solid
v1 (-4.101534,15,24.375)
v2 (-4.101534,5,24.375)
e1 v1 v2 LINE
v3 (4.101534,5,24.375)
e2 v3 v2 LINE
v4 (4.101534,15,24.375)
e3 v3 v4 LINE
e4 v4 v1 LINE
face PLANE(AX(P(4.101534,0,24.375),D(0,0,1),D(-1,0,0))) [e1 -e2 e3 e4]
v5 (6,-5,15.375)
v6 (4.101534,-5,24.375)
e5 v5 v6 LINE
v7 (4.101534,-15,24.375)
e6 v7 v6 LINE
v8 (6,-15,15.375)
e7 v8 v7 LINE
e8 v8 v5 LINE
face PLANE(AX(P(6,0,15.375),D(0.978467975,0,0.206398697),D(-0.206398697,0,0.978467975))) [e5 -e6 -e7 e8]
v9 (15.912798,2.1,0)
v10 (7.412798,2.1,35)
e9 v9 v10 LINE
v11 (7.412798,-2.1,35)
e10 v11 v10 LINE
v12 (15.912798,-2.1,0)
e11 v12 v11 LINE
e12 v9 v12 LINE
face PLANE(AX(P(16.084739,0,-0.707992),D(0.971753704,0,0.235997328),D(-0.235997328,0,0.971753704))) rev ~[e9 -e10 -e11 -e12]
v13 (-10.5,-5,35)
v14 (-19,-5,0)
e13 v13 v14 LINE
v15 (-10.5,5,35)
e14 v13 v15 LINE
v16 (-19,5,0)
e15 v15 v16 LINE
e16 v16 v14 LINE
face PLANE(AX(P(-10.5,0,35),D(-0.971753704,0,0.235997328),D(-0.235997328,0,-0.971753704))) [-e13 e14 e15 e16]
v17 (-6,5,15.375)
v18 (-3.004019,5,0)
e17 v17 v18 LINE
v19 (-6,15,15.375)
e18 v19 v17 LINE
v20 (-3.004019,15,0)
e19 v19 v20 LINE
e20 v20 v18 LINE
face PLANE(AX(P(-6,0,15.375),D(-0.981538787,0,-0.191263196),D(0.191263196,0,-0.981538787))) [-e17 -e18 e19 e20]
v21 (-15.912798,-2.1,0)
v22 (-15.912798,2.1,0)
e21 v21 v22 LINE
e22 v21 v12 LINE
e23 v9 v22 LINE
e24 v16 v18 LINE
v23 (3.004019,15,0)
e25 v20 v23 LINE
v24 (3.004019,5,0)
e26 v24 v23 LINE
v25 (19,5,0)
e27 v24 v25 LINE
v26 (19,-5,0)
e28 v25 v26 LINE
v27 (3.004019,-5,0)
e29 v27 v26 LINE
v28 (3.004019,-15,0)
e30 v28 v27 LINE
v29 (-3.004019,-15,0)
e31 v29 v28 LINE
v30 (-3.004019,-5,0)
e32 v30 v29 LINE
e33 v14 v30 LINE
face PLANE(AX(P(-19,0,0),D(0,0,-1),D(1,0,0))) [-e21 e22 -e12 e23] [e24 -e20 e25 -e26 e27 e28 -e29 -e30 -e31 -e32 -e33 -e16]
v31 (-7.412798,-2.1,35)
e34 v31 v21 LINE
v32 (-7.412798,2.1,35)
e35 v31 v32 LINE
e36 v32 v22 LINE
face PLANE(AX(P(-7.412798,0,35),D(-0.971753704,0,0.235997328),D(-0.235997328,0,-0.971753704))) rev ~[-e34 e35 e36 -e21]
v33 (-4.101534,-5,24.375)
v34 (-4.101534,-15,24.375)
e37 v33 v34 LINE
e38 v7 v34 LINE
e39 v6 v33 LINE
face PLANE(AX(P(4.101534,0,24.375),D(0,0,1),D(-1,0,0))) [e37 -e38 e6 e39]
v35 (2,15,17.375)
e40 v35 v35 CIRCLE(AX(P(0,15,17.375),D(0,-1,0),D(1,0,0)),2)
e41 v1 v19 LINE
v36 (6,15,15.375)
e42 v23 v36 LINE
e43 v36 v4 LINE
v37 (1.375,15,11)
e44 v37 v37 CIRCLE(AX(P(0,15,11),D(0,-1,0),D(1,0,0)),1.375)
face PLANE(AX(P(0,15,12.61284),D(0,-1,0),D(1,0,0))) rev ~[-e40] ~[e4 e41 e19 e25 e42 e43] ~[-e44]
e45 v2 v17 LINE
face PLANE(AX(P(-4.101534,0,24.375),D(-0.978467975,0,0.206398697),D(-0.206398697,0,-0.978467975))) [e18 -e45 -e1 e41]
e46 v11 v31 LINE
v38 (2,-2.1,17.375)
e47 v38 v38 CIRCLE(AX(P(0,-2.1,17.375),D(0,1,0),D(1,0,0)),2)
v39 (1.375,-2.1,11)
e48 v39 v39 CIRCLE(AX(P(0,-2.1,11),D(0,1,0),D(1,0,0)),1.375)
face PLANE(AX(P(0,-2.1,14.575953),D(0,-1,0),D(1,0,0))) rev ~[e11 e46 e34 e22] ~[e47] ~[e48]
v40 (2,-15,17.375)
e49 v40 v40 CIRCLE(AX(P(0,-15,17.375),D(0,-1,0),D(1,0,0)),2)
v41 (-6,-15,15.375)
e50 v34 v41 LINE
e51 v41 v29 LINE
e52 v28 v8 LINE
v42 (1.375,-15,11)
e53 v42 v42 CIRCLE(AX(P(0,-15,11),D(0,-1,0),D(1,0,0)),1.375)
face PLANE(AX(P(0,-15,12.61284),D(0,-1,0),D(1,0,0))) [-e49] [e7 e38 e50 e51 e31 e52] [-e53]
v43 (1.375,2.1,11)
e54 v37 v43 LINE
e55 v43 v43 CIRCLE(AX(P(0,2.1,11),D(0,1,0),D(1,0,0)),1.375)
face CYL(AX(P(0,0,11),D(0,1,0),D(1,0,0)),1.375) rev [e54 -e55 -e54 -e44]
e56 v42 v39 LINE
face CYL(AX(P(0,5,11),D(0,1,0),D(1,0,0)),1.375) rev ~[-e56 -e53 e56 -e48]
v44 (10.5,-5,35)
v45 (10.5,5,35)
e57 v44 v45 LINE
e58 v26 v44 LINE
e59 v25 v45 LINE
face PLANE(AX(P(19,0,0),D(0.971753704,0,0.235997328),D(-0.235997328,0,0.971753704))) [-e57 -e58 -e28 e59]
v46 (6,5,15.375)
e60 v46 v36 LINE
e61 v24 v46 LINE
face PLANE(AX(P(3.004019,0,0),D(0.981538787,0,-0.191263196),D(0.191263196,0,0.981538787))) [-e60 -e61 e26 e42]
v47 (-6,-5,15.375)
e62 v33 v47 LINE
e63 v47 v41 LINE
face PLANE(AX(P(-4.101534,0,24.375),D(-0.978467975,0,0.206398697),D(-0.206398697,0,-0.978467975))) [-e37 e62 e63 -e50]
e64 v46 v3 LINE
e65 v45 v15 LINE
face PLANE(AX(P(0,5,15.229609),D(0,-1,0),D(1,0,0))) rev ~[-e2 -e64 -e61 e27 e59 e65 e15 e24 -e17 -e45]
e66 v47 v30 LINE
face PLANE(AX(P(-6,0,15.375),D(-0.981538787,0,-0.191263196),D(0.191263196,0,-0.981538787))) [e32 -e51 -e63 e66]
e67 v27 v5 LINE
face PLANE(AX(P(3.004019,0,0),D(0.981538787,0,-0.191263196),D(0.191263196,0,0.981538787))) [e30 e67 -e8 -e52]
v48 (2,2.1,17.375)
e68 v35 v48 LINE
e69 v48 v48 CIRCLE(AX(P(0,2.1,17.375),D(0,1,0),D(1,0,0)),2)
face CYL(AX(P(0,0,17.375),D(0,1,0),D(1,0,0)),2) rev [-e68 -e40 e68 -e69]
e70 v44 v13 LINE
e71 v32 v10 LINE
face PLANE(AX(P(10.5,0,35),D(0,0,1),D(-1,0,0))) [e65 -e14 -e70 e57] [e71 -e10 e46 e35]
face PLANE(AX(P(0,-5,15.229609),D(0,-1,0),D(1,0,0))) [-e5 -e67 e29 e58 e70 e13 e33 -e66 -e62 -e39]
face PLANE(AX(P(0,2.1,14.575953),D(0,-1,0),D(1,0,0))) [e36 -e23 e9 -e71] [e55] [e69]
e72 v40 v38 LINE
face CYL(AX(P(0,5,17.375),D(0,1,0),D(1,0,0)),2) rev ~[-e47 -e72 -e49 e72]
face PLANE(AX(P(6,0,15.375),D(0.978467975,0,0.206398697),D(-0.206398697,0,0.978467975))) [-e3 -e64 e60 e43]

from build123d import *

# Parameters (mm, degrees)
F1_DEPTH = 5
F3_DEPTH = 2.1
F4_R     = 1.375
F4_R_2   = 2
F5_DEPTH = 15
F6_W     = 3.8688962813
F6_H     = 4.2
F6_W_2   = 6.0080378316
F6_W_3   = 3.8534507621
F7_DEPTH = 35.001
F8_DEPTH = 20.001


with BuildPart() as f1:
    # F0 (on Front) → F1 (new body, symmetric)
    with BuildSketch(Plane.XZ):
        Polygon((-10.5, 35), (-19, 0), (19, 0), (10.5, 35), align=None)
    extrude(amount=F1_DEPTH, both=True)

    # F2 (on Front) → F3 (cut, symmetric)
    with BuildSketch(Plane.XZ):
        Polygon((-7.4127979777, 35), (-16.0847388882, -0.7079919843), (16.0847388882, -0.7079919843), (7.4127979777, 35), align=None)
    extrude(amount=F3_DEPTH, both=True, mode=Mode.SUBTRACT)

    # F4 (on Front) → F5 (join, symmetric)
    with BuildSketch(Plane.XZ):
        Polygon((4.1015339084, 24.375), (-4.1015339084, 24.375), (-6, 15.375), (-3.0040189158, 0), (3.0040189158, 0), (6, 15.375), align=None)
        with Locations((0, 11)):
            Circle(F4_R, mode=Mode.SUBTRACT)
        with Locations((0, 17.375)):
            Circle(F4_R_2, mode=Mode.SUBTRACT)
    extrude(amount=F5_DEPTH, both=True)

    # F6 (on face) → F7 (cut, through all)
    with BuildSketch(Plane(origin=(0, 0, 0), x_dir=(1, 0, 0), z_dir=(0, 0, -1))):
        with Locations((-4.9384670565, 0)):
            Rectangle(F6_W, F6_H)
        Rectangle(F6_W_2, F6_H)
        with Locations((4.9307442969, 0)):
            Rectangle(F6_W_3, F6_H)
    extrude(amount=-F7_DEPTH, mode=Mode.SUBTRACT)

    # F8 (cut, through all): faces of the model
    f8_faces = [f1.faces().sort_by_distance(p)[0] for p in [
        (0, 5, 17.375),
        (0, 5, 11),
    ]]
    extrude(f8_faces, amount=-F8_DEPTH, mode=Mode.SUBTRACT)


solid = f1.part
